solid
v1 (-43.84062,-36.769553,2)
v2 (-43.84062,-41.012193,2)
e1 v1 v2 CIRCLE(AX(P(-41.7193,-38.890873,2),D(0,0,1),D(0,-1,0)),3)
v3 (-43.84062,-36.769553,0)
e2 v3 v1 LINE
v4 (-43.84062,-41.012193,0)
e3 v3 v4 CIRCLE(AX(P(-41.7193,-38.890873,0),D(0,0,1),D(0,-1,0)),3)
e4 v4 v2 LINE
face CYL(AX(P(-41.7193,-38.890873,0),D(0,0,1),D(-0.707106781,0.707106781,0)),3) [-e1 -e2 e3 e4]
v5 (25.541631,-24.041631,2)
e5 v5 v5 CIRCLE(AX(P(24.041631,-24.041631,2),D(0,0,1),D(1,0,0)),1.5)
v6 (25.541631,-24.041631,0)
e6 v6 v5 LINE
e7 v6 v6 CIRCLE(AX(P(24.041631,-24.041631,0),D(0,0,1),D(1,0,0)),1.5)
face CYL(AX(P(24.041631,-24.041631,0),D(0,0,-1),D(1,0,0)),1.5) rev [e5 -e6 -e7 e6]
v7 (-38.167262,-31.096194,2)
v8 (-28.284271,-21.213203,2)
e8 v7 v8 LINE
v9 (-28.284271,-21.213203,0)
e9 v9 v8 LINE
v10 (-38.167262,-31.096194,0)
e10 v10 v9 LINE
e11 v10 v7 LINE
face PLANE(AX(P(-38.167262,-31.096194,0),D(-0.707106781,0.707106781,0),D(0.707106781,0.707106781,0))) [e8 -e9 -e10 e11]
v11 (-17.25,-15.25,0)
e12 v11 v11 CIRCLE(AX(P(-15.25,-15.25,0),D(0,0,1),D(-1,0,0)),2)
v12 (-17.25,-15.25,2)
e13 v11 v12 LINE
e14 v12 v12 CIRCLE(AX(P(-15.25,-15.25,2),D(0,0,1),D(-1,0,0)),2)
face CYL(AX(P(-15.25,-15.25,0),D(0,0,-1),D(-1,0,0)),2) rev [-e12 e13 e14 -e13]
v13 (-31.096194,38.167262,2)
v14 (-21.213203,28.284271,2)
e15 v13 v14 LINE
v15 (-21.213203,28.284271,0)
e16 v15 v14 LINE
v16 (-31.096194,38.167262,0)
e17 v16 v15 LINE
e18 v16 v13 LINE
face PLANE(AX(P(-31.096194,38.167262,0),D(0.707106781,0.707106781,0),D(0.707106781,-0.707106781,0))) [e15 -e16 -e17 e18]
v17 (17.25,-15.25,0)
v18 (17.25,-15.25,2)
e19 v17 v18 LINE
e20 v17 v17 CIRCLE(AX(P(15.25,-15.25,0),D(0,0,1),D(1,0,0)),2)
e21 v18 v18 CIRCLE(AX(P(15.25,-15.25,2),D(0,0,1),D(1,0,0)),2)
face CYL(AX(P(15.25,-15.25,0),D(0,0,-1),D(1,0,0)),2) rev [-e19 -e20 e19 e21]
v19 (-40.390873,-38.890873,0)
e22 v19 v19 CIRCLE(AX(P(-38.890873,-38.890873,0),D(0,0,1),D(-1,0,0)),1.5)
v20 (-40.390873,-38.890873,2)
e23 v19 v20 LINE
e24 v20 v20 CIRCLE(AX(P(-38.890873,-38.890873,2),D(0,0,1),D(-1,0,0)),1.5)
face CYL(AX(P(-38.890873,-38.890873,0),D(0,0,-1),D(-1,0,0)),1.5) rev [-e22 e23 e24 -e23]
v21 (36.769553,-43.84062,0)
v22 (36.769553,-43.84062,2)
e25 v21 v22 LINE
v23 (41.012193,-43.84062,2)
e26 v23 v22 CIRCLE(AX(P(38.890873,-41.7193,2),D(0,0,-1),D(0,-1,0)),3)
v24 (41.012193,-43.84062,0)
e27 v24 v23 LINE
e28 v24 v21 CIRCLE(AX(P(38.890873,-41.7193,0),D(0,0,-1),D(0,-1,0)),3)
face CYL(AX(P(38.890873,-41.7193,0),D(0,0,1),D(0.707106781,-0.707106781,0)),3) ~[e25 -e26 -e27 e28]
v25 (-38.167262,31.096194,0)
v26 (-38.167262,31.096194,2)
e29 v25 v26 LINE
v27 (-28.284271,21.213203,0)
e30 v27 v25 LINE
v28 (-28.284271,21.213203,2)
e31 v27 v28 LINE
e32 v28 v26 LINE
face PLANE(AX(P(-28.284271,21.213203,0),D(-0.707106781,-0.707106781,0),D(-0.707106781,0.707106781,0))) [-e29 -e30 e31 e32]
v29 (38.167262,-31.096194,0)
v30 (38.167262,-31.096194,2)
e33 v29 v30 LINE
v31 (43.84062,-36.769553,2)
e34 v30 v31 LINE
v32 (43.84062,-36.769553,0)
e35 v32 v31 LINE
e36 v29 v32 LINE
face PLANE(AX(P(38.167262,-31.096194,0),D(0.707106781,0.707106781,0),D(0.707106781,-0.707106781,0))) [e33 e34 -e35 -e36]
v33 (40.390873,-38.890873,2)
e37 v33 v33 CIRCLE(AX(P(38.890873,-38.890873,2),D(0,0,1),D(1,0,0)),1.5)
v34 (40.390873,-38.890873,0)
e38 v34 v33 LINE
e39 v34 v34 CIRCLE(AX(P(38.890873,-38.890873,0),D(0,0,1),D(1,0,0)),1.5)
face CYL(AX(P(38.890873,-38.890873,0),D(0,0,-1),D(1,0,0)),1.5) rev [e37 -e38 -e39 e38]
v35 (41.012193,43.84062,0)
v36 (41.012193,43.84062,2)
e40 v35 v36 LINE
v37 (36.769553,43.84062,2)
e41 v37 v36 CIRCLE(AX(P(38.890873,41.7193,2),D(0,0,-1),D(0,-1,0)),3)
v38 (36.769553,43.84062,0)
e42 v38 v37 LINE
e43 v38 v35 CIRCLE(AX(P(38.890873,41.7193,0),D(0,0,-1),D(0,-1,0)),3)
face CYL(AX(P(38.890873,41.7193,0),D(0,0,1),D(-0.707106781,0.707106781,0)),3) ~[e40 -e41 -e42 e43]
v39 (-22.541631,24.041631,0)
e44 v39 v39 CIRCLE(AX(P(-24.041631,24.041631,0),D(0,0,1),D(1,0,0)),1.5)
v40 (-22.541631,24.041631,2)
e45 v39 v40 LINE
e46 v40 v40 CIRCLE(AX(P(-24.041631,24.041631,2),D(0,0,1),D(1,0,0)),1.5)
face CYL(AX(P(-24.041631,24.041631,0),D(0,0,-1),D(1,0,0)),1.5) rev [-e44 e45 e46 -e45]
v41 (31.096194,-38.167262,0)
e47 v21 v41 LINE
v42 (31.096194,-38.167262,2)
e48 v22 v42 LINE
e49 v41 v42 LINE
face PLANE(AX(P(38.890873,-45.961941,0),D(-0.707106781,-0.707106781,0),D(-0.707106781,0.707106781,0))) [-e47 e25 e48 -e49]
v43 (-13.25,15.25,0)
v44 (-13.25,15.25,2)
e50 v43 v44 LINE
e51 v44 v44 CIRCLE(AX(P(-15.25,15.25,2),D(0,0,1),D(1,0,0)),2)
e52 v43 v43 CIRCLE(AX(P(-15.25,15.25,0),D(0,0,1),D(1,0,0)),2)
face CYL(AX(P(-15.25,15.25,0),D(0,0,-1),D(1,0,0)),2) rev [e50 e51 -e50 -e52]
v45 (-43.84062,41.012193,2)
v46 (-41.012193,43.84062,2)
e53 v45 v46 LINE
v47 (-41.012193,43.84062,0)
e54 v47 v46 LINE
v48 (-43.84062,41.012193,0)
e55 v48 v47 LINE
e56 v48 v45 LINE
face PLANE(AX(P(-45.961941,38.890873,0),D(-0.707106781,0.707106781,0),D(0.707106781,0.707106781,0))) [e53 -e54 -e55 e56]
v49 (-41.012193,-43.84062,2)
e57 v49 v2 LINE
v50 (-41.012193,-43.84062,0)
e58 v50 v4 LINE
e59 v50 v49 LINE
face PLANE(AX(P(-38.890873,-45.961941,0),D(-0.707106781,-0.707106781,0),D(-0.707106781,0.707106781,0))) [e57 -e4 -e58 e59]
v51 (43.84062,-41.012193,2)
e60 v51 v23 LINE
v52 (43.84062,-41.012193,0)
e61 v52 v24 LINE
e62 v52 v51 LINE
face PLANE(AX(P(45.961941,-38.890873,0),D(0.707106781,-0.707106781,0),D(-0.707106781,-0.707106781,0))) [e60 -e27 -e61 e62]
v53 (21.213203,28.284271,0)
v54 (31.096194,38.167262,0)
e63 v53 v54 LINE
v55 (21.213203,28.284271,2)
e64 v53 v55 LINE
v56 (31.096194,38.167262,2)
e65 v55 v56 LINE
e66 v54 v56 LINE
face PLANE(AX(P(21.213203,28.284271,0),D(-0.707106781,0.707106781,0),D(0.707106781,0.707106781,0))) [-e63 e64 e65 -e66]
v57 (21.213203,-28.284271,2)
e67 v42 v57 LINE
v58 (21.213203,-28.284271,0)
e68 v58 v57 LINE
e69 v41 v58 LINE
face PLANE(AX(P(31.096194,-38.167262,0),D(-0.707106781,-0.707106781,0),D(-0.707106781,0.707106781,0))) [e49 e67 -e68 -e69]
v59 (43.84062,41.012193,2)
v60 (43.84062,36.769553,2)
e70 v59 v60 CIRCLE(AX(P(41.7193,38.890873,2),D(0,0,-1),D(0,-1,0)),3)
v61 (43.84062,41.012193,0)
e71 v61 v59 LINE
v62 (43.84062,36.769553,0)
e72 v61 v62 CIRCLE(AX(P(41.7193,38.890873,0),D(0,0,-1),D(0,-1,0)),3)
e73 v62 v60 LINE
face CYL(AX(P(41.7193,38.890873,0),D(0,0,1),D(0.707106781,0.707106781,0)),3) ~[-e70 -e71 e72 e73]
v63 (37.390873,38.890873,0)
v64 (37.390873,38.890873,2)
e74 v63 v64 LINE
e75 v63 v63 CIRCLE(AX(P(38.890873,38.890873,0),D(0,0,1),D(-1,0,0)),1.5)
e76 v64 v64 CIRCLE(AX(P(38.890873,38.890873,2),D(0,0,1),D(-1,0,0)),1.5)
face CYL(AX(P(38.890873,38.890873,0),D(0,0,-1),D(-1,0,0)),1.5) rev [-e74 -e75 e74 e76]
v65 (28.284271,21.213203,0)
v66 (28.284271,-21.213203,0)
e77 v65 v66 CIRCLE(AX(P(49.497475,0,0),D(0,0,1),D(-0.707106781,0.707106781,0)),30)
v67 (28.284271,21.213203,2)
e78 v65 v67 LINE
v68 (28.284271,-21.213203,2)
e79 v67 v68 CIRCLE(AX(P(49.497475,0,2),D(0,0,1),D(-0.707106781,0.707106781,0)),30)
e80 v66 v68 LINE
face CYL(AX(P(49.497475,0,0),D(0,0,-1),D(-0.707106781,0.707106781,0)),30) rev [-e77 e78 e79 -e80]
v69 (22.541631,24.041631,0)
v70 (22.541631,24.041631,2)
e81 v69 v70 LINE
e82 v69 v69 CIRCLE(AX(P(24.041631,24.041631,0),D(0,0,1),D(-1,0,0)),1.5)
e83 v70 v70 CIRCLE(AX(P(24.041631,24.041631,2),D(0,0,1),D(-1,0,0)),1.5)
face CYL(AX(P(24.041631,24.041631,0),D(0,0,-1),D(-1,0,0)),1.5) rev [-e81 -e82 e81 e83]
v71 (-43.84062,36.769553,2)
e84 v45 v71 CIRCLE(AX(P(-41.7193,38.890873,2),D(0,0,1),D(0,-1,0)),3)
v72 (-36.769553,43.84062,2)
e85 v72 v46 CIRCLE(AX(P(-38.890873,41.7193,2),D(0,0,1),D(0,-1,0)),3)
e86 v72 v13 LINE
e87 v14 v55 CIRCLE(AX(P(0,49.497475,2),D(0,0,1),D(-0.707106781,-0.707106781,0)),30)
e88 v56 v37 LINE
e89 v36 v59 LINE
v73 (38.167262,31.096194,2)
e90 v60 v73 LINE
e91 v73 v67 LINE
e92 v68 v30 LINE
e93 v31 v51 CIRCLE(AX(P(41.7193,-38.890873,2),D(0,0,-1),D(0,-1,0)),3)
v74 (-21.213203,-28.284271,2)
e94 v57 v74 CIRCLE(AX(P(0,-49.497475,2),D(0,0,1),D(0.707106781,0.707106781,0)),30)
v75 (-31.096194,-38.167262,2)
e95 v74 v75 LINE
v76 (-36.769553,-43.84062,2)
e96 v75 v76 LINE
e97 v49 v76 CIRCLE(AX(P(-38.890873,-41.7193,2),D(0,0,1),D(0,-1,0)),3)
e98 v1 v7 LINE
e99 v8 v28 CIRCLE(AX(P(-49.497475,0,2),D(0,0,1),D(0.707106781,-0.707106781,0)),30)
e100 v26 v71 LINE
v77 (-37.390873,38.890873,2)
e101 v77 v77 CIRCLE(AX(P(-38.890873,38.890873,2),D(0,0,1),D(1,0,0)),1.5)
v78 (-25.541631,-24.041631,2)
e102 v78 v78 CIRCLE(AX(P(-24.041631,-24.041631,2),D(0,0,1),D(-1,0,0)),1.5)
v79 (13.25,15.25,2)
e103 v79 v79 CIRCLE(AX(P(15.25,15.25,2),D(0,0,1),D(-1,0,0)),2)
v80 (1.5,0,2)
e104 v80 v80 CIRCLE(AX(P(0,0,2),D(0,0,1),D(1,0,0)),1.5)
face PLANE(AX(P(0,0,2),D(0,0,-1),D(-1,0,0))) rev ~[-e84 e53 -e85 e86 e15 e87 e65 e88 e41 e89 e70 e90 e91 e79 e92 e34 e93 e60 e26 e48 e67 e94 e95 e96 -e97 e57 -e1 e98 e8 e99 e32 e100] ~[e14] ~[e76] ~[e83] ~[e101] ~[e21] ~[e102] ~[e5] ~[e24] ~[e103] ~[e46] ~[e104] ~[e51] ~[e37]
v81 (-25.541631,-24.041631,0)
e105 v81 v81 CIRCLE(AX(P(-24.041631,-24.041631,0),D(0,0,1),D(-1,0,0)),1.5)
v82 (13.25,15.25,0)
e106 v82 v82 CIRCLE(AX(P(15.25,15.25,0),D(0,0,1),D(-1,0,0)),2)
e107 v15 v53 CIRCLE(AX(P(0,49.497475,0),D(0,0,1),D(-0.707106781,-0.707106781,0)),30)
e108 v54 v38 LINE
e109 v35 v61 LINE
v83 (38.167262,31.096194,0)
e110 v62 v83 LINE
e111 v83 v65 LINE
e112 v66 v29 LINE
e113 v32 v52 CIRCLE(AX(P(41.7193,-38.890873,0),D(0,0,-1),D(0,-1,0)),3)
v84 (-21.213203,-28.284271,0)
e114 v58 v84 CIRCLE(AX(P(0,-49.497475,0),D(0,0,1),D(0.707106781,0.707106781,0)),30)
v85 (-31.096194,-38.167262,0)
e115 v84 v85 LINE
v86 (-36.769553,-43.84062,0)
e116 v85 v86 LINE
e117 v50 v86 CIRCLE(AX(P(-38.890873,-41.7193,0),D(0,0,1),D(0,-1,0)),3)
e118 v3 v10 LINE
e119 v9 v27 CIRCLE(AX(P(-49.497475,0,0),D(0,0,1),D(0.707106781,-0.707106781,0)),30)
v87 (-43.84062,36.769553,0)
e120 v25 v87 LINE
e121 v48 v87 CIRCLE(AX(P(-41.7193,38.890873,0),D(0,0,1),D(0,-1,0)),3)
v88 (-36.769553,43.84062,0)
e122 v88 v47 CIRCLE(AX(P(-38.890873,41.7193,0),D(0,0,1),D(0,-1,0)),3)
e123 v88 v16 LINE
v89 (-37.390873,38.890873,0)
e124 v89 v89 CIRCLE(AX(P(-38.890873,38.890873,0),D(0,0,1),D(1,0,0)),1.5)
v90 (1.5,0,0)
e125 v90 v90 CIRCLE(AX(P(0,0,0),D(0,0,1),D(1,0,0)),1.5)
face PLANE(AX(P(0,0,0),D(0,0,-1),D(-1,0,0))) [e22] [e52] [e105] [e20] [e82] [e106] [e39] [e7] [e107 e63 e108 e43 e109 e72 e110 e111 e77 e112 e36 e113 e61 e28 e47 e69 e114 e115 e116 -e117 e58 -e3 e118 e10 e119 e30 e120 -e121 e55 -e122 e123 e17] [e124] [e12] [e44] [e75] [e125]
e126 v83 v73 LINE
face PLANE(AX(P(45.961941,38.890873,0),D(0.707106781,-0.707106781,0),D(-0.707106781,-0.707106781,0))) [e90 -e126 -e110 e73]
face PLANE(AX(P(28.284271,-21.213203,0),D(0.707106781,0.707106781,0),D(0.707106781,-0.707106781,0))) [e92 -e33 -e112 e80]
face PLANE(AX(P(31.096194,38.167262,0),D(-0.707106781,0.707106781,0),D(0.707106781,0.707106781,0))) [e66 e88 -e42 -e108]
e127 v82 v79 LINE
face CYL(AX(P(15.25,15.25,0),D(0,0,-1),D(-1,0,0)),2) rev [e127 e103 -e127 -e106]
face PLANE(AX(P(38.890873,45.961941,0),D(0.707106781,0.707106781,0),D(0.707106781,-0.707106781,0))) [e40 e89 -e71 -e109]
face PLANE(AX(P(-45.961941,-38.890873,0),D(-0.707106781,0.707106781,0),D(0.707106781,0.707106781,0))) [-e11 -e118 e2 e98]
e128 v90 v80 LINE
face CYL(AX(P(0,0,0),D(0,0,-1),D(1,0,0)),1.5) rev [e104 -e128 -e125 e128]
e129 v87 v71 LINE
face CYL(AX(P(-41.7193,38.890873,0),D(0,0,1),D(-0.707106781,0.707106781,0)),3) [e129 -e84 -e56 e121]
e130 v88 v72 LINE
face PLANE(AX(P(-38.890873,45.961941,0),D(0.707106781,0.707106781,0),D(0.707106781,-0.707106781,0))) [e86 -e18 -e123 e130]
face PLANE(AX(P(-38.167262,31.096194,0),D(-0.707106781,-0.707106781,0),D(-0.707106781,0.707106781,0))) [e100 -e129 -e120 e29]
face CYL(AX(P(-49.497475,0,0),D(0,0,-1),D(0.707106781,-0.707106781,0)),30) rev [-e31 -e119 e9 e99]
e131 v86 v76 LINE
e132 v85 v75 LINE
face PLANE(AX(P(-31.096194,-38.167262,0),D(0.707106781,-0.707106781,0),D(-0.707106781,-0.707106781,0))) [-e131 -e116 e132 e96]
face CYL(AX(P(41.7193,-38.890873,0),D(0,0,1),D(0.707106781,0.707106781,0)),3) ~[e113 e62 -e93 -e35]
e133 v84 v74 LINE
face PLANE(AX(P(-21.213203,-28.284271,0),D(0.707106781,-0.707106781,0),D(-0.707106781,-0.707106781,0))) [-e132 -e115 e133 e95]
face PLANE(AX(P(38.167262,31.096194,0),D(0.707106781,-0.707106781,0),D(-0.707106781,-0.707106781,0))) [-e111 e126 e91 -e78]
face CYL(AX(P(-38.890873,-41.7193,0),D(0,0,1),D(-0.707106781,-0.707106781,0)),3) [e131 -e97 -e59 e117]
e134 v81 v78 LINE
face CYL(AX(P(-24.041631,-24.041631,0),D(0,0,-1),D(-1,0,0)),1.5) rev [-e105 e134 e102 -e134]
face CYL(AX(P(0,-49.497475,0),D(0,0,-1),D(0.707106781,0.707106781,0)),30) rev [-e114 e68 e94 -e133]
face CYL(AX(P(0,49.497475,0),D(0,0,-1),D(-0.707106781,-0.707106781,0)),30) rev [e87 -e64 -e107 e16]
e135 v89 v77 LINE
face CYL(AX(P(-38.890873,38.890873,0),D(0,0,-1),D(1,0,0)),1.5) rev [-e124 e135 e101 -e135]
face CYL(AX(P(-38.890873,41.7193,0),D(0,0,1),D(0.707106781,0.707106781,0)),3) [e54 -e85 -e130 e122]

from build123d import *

# Parameters (mm, degrees)
CROQUIS1_R              = 2
CROQUIS1_R_2            = 1.5
SALIENTE_EXTRUIR1_DEPTH = 2
REDONDEO3_R             = 3


with BuildPart() as part:
    # Croquis1 → Saliente-Extruir1 (new body)
    with BuildSketch(Plane.XY):
        with BuildLine():
            Line((-31.096194078, 38.16726189), (-21.213203436, 28.284271247))
            ThreePointArc((-21.213203436, 28.284271247), (0, 19.497474683), (21.213203436, 28.284271247))
            Line((21.213203436, 28.284271247), (31.096194078, 38.16726189))
            Line((31.096194078, 38.16726189), (38.890872965, 45.961940777))
            Line((38.890872965, 45.961940777), (42.426406871, 42.426406871))
            Line((42.426406871, 42.426406871), (45.961940777, 38.890872965))
            Line((45.961940777, 38.890872965), (38.16726189, 31.096194078))
            Line((38.16726189, 31.096194078), (28.284271247, 21.213203436))
            ThreePointArc((28.284271247, 21.213203436), (19.497474683, 0), (28.284271247, -21.213203436))
            Line((28.284271247, -21.213203436), (38.16726189, -31.096194078))
            Line((38.16726189, -31.096194078), (45.961940777, -38.890872965))
            Line((45.961940777, -38.890872965), (42.426406871, -42.426406871))
            Line((42.426406871, -42.426406871), (38.890872965, -45.961940777))
            Line((38.890872965, -45.961940777), (31.096194078, -38.16726189))
            Line((31.096194078, -38.16726189), (21.213203436, -28.284271247))
            ThreePointArc((21.213203436, -28.284271247), (0, -19.497474683), (-21.213203436, -28.284271247))
            Line((-21.213203436, -28.284271247), (-31.096194078, -38.16726189))
            Line((-31.096194078, -38.16726189), (-38.890872965, -45.961940777))
            Line((-38.890872965, -45.961940777), (-42.426406871, -42.426406871))
            Line((-42.426406871, -42.426406871), (-45.961940777, -38.890872965))
            Line((-45.961940777, -38.890872965), (-38.16726189, -31.096194078))
            Line((-38.16726189, -31.096194078), (-28.284271247, -21.213203436))
            ThreePointArc((-28.284271247, -21.213203436), (-19.497474683, 0), (-28.284271247, 21.213203436))
            Line((-28.284271247, 21.213203436), (-38.16726189, 31.096194078))
            Line((-38.16726189, 31.096194078), (-45.961940777, 38.890872965))
            Line((-45.961940777, 38.890872965), (-42.426406871, 42.426406871))
            Line((-42.426406871, 42.426406871), (-38.890872965, 45.961940777))
            Line((-38.890872965, 45.961940777), (-31.096194078, 38.16726189))
        make_face()
        with Locations((-15.25, 15.25)):
            Circle(CROQUIS1_R, mode=Mode.SUBTRACT)
        with Locations((-24.04163056, 24.04163056)):
            Circle(CROQUIS1_R_2, mode=Mode.SUBTRACT)
        with Locations((-38.890872965, 38.890872965)):
            Circle(CROQUIS1_R_2, mode=Mode.SUBTRACT)
        with Locations(Location((38.890872965, 38.890872965, 0), (0, 0, 180))):
            Circle(CROQUIS1_R_2, mode=Mode.SUBTRACT)
        with Locations(Location((24.04163056, 24.04163056, 0), (0, 0, 180))):
            Circle(CROQUIS1_R_2, mode=Mode.SUBTRACT)
        with Locations(Location((15.25, 15.25, 0), (0, 0, 180))):
            Circle(CROQUIS1_R, mode=Mode.SUBTRACT)
        with Locations((15.25, -15.25)):
            Circle(CROQUIS1_R, mode=Mode.SUBTRACT)
        with Locations((24.04163056, -24.04163056)):
            Circle(CROQUIS1_R_2, mode=Mode.SUBTRACT)
        with Locations((38.890872965, -38.890872965)):
            Circle(CROQUIS1_R_2, mode=Mode.SUBTRACT)
        with Locations(Location((-15.25, -15.25, 0), (0, 0, 180))):
            Circle(CROQUIS1_R, mode=Mode.SUBTRACT)
        with Locations(Location((-24.04163056, -24.04163056, 0), (0, 0, 180))):
            Circle(CROQUIS1_R_2, mode=Mode.SUBTRACT)
        with Locations(Location((-38.890872965, -38.890872965, 0), (0, 0, 180))):
            Circle(CROQUIS1_R_2, mode=Mode.SUBTRACT)
        Circle(CROQUIS1_R_2, mode=Mode.SUBTRACT)
    extrude(amount=SALIENTE_EXTRUIR1_DEPTH)

    # Redondeo3
    redondeo3_edges = [part.edges().sort_by_distance(p)[0] for p in [
        (-38.890872965, 45.961940777, 1),
        (38.890872965, 45.961940777, 1),
        (45.961940777, 38.890872965, 1),
        (45.961940777, -38.890872965, 1),
        (38.890872965, -45.961940777, 1),
        (-38.890872965, -45.961940777, 1),
        (-45.961940777, -38.890872965, 1),
        (-45.961940777, 38.890872965, 1),
    ]]
    fillet(redondeo3_edges, radius=REDONDEO3_R)


solid = part.part
